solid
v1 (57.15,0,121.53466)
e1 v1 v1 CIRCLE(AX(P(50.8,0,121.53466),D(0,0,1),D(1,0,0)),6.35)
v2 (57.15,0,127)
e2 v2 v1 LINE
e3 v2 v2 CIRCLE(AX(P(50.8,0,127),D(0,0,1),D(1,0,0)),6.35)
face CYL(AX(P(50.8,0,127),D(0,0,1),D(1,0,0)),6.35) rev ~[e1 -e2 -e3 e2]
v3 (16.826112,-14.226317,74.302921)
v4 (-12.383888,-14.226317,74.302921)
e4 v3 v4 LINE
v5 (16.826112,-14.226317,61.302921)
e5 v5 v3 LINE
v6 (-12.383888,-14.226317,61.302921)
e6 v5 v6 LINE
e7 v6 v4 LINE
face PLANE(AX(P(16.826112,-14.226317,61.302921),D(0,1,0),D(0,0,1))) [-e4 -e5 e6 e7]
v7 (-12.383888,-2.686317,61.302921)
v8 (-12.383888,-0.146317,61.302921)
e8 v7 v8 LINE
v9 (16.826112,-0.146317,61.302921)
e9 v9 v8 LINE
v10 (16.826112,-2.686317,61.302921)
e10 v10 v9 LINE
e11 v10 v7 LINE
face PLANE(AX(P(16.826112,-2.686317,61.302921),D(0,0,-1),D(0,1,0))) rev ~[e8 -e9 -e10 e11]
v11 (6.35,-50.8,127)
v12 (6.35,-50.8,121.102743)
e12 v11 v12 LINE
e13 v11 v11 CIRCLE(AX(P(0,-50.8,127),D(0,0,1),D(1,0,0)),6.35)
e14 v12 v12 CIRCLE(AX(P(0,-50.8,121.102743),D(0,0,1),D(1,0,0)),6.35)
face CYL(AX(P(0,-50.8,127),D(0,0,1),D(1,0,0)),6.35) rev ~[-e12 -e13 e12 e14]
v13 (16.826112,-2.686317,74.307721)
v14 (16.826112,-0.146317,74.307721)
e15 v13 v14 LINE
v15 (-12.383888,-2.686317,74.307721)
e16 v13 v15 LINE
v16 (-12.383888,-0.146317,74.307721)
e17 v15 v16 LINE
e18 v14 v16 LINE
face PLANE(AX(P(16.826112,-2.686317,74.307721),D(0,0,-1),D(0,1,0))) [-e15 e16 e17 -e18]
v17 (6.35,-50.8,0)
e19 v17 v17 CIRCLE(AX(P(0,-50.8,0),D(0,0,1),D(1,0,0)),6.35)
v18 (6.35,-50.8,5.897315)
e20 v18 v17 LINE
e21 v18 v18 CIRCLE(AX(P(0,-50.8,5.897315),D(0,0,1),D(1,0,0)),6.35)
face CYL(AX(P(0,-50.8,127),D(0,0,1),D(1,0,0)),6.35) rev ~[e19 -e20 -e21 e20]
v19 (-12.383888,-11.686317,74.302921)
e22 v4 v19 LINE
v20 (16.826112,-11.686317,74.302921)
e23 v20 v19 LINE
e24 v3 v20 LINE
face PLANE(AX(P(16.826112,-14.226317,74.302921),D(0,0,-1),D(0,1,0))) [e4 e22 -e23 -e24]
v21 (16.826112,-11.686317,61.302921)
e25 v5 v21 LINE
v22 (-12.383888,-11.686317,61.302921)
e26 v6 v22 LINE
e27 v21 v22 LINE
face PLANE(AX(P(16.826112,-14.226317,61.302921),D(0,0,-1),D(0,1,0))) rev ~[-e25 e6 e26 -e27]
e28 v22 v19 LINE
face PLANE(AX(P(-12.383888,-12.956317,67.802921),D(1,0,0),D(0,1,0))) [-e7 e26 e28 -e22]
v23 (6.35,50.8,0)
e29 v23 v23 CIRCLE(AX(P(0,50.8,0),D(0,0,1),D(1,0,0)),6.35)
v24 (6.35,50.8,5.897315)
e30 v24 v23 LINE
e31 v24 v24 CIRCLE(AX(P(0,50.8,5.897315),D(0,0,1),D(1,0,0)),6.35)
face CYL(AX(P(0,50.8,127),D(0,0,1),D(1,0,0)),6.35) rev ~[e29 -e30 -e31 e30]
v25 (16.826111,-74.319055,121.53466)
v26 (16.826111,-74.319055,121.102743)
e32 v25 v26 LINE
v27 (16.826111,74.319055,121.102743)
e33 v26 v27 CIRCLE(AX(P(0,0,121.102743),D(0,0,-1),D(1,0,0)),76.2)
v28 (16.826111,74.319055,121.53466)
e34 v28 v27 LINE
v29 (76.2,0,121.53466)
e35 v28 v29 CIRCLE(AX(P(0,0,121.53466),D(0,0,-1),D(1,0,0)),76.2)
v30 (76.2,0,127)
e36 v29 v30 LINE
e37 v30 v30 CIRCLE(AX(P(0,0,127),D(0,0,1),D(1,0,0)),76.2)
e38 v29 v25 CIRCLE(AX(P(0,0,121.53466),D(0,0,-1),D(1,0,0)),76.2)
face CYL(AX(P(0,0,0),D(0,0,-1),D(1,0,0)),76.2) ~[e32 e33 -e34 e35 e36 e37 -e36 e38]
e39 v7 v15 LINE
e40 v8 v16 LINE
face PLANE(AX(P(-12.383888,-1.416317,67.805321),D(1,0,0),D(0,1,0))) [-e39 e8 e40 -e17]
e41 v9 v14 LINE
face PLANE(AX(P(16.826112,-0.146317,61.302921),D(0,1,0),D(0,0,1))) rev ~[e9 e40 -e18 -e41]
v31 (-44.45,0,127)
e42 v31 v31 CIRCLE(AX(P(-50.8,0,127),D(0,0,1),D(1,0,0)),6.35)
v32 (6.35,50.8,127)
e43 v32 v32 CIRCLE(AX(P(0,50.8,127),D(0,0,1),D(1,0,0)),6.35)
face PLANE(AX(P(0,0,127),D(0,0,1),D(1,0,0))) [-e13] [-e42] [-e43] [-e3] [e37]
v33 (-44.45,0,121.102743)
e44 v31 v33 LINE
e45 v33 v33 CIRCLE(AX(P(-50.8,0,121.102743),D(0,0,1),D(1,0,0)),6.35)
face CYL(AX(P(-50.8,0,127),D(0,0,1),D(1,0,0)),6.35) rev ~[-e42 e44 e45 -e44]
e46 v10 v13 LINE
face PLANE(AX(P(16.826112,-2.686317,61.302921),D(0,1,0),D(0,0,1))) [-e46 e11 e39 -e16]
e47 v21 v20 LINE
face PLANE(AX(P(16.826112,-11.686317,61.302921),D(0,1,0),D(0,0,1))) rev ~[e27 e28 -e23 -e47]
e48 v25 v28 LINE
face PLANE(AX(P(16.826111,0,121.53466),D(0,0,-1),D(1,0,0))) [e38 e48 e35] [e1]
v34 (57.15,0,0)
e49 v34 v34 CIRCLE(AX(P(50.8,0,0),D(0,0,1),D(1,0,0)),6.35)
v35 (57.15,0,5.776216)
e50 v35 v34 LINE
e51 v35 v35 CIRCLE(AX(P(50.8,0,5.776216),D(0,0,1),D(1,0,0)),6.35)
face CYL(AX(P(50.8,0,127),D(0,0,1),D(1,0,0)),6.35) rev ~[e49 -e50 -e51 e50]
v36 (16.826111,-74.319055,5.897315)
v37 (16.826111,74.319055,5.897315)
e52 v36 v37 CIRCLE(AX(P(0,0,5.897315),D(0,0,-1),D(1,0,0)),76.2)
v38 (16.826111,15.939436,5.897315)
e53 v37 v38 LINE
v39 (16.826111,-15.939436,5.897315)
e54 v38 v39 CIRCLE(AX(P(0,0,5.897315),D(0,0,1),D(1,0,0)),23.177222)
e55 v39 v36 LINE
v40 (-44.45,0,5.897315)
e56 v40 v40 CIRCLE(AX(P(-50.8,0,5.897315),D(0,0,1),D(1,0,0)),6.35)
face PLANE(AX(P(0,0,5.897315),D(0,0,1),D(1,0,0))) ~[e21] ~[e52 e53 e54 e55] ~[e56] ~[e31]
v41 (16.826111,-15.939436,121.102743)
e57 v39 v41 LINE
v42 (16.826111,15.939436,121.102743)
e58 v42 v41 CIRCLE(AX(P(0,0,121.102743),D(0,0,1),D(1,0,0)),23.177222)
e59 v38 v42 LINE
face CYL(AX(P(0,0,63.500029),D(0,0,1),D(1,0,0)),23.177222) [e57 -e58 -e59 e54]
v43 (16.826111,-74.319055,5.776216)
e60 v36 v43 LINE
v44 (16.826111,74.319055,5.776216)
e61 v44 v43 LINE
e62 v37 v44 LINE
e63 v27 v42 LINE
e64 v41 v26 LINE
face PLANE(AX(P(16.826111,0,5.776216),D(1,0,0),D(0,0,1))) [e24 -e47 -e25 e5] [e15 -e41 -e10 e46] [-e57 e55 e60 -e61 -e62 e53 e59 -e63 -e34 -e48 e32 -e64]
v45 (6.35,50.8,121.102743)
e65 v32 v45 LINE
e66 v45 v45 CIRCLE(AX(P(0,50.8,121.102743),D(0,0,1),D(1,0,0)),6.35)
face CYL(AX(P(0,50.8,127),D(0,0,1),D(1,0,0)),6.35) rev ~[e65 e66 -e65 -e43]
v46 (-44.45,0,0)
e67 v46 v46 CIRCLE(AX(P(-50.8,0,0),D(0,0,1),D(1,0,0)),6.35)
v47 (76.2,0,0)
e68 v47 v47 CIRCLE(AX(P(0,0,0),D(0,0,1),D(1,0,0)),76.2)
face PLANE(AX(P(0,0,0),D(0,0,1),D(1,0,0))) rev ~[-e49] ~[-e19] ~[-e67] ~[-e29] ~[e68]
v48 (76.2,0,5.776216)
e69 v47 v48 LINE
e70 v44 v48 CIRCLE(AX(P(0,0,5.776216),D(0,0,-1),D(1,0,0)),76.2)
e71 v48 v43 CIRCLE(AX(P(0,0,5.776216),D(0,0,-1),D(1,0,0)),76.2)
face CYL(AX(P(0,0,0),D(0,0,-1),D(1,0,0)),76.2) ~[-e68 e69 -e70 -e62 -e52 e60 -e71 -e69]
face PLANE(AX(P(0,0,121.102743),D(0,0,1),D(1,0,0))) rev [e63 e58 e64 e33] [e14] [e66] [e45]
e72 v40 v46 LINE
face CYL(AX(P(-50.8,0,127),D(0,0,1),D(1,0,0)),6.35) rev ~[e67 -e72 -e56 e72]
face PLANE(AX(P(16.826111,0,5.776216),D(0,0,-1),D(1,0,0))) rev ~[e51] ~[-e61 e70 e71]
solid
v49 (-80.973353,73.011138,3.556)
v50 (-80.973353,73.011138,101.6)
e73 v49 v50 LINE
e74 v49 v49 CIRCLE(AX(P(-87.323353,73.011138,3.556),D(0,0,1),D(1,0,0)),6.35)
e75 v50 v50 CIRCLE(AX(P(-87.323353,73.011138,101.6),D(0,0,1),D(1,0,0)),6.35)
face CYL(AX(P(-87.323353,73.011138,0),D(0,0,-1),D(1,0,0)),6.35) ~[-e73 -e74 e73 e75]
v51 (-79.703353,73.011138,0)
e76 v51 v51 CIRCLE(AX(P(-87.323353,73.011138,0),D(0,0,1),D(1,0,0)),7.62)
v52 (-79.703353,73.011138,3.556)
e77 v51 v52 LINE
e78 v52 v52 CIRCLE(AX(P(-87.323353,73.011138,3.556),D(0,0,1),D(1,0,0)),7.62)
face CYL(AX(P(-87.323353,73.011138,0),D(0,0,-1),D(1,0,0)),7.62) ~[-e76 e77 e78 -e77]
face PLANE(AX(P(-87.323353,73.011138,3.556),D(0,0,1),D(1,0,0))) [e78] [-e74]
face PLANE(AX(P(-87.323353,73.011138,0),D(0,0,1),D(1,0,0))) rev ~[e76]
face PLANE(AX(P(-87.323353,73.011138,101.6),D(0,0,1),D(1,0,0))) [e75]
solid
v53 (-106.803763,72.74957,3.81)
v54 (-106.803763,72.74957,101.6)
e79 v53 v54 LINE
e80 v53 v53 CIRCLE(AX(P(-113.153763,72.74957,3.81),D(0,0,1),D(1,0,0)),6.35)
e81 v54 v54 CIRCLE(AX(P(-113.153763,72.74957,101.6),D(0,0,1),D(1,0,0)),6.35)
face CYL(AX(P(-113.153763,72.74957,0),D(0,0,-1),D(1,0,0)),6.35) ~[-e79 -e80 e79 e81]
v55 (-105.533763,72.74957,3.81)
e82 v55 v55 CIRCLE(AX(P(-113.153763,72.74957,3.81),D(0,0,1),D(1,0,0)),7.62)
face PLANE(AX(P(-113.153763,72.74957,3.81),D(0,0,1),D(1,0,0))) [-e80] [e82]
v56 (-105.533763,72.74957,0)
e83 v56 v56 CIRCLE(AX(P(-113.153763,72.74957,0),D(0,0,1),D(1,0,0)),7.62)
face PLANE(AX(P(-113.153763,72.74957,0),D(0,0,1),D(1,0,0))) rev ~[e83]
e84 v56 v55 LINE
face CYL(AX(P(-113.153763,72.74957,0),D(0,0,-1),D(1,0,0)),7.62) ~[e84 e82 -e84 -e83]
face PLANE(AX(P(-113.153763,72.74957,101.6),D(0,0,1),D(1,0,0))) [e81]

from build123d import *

# Parameters (mm, degrees)
F0_R      = 76.2
F1_DEPTH  = 127
F2_W      = 76.145089
F2_H      = 115.205428
F4_R      = 6.35
F5_DEPTH  = 136.906
F6_R      = 7.62
F6_R_2    = 6.35
F7_DEPTH  = 3.81
F8_DEPTH  = 101.6
F9_R      = 7.62
F9_R_2    = 6.35
F10_DEPTH = 3.556
F11_DEPTH = 101.6
F12_W     = 117.167409
F12_H     = 115.758444
F13_DEPTH = 88.9
F14_W     = 2.54
F14_H     = 13
F14_H_2   = 13.0048
F15_DEPTH = 29.21


with BuildPart() as f1:
    # F0 (on Top) → F1 (new body)
    with BuildSketch(Plane.XY):
        Circle(F0_R)
    extrude(amount=F1_DEPTH)

    # F2 (on Front) → F3 (revolve, cut)
    with BuildSketch(Plane.XZ):
        with Locations((61.249767, 63.500029)):
            Rectangle(F2_W, F2_H)
    revolve(axis=Axis((0, 0, 3.061064), (0, 0, 1)), mode=Mode.SUBTRACT)

    # F4 (on face) → F5 (cut)
    with BuildSketch(Plane.XY.offset(127)):
        with Locations((0, 50.8)):
            Circle(F4_R)
        with Locations((50.8, 0)):
            Circle(F4_R)
        with Locations((-50.8, 0)):
            Circle(F4_R)
        with Locations((0, -50.8)):
            Circle(F4_R)
    extrude(amount=-F5_DEPTH, mode=Mode.SUBTRACT)

    # F12 (on Front) → F13 (cut, symmetric)
    with BuildSketch(Plane.XZ):
        with Locations((75.409816, 63.655438)):
            Rectangle(F12_W, F12_H)
    extrude(amount=F13_DEPTH, both=True, mode=Mode.SUBTRACT)

    # F14 (on face) → F15 (cut)
    with BuildSketch(Plane.YZ.offset(16.826112)):
        with Locations((-12.956317, 67.802921)):
            Rectangle(F14_W, F14_H)
        with Locations((-1.416317, 67.805321)):
            Rectangle(F14_W, F14_H_2)
    extrude(amount=-F15_DEPTH, mode=Mode.SUBTRACT)


with BuildPart() as f7:
    # F6 (on Top) → F7 (new body)
    with BuildSketch(Plane.XY):
        with Locations((-113.153763, 72.74957)):
            Circle(F6_R)
        with Locations((-113.153763, 72.74957)):
            Circle(F6_R_2, mode=Mode.SUBTRACT)
    extrude(amount=F7_DEPTH)

    # F6 (on Top) → F8 (join)
    with BuildSketch(Plane.XY):
        with Locations((-113.153763, 72.74957)):
            Circle(F6_R_2)
    extrude(amount=F8_DEPTH)


with BuildPart() as f10:
    # F9 (on Top) → F10 (new body)
    with BuildSketch(Plane.XY):
        with Locations((-87.323353, 73.011138)):
            Circle(F9_R)
        with Locations((-87.323353, 73.011138)):
            Circle(F9_R_2, mode=Mode.SUBTRACT)
    extrude(amount=F10_DEPTH)

    # F9 (on Top) → F11 (join)
    with BuildSketch(Plane.XY):
        with Locations((-87.323353, 73.011138)):
            Circle(F9_R_2)
    extrude(amount=F11_DEPTH)


solid = Compound([f1.part, f7.part, f10.part])
